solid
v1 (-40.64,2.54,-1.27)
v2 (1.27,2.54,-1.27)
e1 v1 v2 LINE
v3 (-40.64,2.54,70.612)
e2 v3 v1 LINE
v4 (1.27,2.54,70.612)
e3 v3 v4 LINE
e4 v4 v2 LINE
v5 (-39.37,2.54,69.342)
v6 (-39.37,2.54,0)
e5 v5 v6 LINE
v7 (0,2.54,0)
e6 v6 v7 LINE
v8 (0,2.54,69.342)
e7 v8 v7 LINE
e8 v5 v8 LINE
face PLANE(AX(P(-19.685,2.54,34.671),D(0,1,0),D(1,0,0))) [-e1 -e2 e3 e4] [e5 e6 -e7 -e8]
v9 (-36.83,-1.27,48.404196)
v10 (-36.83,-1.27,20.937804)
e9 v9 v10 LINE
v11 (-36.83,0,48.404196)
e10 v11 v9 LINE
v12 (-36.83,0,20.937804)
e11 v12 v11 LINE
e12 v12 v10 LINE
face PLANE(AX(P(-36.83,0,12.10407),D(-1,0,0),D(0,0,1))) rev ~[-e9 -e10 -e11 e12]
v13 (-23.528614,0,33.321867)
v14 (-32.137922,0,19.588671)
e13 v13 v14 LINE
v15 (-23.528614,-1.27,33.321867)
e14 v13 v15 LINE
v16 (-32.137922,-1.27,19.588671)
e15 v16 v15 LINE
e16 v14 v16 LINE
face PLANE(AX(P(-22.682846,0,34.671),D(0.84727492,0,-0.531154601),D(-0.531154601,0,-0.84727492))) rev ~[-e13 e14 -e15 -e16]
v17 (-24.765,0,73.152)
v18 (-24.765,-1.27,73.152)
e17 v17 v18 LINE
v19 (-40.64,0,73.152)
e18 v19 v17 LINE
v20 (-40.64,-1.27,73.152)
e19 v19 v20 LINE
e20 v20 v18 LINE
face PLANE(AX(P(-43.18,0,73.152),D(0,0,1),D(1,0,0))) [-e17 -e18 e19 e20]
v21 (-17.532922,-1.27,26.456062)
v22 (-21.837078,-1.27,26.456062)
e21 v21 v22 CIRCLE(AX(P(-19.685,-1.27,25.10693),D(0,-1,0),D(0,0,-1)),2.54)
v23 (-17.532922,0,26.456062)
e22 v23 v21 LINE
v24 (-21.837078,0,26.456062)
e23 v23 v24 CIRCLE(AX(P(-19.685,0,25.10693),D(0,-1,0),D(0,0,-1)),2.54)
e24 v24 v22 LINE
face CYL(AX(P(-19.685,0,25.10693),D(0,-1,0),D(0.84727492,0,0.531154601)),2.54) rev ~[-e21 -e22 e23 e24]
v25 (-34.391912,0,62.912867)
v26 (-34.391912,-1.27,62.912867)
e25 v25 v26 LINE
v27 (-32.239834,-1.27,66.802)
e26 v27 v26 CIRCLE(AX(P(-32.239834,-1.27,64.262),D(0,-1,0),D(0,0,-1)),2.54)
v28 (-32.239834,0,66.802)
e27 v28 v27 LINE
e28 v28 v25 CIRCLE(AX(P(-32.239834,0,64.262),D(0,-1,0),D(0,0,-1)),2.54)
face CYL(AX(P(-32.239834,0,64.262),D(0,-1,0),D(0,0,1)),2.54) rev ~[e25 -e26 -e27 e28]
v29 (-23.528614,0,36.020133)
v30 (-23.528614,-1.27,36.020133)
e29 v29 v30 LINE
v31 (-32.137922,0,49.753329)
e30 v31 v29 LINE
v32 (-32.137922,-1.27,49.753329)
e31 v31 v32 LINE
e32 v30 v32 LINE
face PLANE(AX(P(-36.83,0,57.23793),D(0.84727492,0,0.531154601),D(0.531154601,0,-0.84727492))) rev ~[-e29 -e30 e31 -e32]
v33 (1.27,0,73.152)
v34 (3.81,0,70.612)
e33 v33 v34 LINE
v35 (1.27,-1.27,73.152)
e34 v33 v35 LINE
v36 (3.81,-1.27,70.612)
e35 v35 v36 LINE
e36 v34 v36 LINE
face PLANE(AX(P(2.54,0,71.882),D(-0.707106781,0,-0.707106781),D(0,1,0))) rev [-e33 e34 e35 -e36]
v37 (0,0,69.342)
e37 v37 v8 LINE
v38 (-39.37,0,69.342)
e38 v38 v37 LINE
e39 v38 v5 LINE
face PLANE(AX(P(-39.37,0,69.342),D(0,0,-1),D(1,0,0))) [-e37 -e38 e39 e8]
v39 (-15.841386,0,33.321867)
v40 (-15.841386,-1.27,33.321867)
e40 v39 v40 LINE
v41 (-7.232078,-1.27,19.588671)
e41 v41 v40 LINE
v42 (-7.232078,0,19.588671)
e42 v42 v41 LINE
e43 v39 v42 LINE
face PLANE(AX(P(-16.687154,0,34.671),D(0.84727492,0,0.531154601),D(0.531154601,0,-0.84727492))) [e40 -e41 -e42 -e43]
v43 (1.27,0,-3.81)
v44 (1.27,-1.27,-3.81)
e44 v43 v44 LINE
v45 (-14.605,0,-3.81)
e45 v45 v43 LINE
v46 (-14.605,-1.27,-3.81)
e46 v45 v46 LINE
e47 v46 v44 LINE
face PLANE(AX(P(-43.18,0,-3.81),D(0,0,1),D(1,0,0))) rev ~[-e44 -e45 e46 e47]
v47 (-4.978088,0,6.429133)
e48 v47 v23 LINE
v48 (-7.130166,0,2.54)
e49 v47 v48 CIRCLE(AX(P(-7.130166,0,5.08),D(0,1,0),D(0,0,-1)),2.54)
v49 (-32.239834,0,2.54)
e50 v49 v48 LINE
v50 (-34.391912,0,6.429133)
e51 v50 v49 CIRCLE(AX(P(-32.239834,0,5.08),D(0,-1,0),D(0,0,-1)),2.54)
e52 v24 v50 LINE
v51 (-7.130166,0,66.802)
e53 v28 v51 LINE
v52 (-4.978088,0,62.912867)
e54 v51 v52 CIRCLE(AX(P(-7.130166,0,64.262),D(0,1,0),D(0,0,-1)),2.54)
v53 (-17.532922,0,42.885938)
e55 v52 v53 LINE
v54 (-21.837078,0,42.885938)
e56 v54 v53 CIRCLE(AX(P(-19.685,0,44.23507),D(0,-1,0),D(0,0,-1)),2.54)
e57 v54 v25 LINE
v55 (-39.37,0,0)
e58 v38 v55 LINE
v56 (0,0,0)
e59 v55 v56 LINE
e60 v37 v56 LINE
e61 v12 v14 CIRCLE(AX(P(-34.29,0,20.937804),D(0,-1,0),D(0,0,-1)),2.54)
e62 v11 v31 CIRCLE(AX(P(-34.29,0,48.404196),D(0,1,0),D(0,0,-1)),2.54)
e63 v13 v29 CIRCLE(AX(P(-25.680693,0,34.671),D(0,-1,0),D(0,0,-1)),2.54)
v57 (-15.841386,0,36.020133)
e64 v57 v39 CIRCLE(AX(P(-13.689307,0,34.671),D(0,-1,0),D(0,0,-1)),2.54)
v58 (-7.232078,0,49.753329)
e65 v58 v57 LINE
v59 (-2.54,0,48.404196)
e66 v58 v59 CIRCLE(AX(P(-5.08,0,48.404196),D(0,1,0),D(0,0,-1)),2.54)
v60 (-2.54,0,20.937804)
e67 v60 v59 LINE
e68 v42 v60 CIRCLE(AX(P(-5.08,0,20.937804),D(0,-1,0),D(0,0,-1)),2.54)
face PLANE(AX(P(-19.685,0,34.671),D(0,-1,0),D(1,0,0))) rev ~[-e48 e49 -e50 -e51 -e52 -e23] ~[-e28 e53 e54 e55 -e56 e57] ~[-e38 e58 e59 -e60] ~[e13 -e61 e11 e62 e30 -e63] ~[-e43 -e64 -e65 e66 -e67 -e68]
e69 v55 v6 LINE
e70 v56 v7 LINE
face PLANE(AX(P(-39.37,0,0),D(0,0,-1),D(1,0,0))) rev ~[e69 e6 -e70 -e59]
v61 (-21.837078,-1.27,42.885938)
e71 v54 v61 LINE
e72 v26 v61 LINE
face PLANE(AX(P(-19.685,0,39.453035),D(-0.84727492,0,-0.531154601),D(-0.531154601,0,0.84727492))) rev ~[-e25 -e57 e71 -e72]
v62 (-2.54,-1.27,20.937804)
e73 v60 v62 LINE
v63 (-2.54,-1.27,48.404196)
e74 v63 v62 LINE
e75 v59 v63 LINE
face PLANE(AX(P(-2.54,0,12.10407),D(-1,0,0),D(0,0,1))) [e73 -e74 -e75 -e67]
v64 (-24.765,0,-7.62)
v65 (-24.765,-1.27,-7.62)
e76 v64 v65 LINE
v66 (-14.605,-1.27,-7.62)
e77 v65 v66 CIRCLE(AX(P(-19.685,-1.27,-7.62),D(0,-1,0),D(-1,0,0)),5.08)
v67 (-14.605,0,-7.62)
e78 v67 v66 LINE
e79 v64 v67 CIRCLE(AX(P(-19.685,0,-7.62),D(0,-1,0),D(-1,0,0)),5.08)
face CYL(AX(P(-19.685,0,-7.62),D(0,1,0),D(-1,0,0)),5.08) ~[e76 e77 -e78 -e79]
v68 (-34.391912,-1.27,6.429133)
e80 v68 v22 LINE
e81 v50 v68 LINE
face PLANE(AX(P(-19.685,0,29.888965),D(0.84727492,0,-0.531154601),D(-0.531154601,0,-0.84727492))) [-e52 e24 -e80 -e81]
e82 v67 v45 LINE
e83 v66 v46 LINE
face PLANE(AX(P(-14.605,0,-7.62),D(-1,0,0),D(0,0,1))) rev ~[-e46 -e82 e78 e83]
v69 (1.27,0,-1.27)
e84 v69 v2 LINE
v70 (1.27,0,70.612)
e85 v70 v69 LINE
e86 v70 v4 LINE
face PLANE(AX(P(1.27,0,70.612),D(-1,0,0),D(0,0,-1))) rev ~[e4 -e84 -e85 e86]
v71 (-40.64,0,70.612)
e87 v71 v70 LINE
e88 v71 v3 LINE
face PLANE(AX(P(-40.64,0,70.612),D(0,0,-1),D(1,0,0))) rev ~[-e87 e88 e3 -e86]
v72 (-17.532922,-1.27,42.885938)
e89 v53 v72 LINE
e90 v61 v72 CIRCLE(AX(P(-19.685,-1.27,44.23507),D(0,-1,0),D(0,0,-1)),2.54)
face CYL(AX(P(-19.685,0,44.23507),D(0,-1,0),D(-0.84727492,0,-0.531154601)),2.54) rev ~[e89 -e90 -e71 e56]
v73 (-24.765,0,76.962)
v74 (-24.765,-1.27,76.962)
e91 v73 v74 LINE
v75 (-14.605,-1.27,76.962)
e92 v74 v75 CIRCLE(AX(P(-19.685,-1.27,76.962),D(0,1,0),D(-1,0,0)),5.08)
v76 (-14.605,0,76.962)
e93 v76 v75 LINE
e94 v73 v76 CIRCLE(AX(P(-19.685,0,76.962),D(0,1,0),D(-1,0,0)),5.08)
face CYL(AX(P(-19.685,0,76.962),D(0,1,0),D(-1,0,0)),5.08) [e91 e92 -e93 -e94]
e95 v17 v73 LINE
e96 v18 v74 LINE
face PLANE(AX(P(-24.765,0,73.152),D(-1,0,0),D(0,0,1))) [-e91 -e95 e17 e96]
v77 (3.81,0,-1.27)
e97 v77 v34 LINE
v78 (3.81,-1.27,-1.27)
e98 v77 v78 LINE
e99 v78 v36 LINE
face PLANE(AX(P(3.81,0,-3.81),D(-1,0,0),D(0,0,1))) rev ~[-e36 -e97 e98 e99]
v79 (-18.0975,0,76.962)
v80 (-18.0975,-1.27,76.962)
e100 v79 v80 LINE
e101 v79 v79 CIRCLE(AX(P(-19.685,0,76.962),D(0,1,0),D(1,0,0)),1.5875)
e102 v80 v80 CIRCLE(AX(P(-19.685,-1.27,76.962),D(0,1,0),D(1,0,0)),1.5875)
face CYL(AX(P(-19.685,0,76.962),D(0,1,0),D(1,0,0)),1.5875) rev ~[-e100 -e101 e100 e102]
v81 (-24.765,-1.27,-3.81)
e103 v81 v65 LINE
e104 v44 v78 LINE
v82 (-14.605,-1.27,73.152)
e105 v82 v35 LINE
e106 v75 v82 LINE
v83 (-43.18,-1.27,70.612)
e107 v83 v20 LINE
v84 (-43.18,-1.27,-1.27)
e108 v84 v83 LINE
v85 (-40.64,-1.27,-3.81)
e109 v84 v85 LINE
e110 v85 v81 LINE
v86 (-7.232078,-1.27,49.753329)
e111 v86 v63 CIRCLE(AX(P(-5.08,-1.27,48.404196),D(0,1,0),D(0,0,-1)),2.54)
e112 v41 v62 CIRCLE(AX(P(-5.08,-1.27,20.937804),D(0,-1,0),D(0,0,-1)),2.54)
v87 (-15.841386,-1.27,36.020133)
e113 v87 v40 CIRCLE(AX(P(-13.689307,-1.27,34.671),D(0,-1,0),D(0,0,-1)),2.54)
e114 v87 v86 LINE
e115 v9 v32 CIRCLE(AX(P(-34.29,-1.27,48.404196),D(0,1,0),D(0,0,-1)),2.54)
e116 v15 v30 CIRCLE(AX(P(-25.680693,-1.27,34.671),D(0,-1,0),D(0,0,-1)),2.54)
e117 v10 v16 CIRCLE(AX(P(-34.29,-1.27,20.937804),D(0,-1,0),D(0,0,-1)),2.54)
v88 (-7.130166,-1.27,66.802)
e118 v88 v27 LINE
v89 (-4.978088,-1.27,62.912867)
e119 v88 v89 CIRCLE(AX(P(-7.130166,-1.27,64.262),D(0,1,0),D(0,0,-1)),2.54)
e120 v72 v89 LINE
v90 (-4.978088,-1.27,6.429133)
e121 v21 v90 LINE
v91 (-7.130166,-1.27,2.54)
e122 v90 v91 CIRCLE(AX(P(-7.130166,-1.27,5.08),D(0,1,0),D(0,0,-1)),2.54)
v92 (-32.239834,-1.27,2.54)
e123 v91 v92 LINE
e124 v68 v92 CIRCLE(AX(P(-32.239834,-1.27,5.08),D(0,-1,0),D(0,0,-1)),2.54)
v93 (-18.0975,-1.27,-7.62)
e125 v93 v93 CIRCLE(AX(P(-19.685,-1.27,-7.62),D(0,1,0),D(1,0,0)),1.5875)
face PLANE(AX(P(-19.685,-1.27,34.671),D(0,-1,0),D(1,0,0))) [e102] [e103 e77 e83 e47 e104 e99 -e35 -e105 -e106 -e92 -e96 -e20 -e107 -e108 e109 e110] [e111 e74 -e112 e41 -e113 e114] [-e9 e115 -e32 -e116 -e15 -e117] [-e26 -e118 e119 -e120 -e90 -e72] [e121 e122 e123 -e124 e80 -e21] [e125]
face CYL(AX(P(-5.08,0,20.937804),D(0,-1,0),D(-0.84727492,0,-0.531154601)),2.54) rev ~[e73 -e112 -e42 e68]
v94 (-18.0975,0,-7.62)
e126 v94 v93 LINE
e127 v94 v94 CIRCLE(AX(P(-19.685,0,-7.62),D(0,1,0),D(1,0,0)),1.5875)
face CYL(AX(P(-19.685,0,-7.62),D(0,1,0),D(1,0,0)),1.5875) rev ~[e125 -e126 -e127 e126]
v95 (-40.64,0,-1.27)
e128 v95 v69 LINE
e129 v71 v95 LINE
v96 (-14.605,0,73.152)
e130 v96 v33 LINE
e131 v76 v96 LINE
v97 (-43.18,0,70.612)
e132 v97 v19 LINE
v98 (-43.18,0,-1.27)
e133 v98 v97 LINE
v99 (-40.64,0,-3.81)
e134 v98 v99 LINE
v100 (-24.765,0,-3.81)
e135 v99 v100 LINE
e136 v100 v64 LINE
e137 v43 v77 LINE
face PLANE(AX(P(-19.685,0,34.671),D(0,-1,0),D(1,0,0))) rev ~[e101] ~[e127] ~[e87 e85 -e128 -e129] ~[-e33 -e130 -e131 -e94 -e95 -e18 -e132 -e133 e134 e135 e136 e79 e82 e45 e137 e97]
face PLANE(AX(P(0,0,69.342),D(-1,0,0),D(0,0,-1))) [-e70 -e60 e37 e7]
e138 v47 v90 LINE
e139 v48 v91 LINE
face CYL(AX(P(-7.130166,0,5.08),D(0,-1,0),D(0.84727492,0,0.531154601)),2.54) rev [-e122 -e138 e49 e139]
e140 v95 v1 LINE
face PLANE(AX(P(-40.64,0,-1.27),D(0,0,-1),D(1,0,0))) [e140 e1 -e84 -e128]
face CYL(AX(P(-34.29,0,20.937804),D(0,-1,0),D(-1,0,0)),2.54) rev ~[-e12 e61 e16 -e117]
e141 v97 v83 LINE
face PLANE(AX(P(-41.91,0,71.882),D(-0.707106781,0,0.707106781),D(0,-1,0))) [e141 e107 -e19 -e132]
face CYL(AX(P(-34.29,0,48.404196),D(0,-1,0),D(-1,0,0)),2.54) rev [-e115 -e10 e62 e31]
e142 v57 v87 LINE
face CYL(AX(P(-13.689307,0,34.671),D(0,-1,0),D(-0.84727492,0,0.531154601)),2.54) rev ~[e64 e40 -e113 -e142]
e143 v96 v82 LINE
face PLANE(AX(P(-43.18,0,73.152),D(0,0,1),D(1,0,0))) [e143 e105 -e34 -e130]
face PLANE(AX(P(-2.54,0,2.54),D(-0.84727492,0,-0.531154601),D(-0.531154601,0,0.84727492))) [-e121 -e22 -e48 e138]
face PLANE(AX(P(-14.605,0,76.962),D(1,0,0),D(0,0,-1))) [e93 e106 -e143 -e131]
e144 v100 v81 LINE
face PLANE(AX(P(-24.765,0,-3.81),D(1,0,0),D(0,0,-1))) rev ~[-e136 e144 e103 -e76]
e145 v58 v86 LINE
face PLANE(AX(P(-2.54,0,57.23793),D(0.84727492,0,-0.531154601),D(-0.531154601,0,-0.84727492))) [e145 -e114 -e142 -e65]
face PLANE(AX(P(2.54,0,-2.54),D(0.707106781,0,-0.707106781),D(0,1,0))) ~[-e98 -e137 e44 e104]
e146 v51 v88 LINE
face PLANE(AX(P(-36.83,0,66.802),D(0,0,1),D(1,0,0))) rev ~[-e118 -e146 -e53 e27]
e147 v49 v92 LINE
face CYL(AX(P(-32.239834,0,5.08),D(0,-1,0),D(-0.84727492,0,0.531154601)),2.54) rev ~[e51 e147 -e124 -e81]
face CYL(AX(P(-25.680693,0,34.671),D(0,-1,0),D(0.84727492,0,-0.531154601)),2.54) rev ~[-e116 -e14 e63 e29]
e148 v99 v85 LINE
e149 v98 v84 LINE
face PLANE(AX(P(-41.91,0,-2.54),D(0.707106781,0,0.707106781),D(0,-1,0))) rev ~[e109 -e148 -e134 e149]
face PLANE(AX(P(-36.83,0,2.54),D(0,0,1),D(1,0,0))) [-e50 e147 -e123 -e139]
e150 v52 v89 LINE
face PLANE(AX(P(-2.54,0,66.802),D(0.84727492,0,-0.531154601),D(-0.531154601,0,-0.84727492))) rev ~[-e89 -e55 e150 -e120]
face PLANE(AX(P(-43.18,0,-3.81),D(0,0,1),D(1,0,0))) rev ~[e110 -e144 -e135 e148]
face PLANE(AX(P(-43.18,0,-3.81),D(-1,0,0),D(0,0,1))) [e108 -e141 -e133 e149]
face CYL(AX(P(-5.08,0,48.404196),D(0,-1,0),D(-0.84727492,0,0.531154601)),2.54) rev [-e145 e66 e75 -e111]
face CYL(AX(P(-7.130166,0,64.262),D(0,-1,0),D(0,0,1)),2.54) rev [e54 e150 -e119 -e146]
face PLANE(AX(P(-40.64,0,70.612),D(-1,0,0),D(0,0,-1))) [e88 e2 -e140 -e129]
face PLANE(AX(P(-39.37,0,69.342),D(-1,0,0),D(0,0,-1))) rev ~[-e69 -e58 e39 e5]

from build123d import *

# Parameters (mm, degrees)
SKETCH1_W           = 41.91
SKETCH1_H           = 71.882
SKETCH1_W_2         = 39.37
SKETCH1_H_2         = 69.342
BOSS_EXTRUDE4_DEPTH = 2.54
SKETCH5_W           = 46.99
SKETCH5_H           = 76.962
BOSS_EXTRUDE5_DEPTH = 1.27
CHAMFER4_SIZE       = 2.54
CUT_EXTRUDE1_DEPTH  = 2.54
FILLET1_R           = 2.54
SKETCH7_R           = 1.5875
BOSS_EXTRUDE6_DEPTH = 1.27


with BuildPart() as part:
    # Sketch1 → Boss-Extrude4 (new body)
    with BuildSketch(Plane(origin=(0, 0, 0), x_dir=(1, 0, 0), z_dir=(0, 1, 0))):
        with Locations((-19.685, -34.671)):
            Rectangle(SKETCH1_W, SKETCH1_H)
        with Locations((-19.685, -34.671)):
            Rectangle(SKETCH1_W_2, SKETCH1_H_2, mode=Mode.SUBTRACT)
    extrude(amount=BOSS_EXTRUDE4_DEPTH)

    # Sketch5 → Boss-Extrude5 (add)
    with BuildSketch(Plane.XZ):
        with Locations((-19.685, 34.671)):
            Rectangle(SKETCH5_W, SKETCH5_H)
    extrude(amount=BOSS_EXTRUDE5_DEPTH)

    # Chamfer4
    chamfer4_edges = [part.edges().sort_by_distance(p)[0] for p in [
        (-43.18, -0.635, 73.152),
        (-43.18, -0.635, -3.81),
        (3.81, -0.635, -3.81),
        (3.81, -0.635, 73.152),
    ]]
    chamfer(chamfer4_edges, length=CHAMFER4_SIZE)

    # Sketch6 → Cut-Extrude1 (cut)
    with BuildSketch(Plane(origin=(0, 0, 0), x_dir=(1, 0, 0), z_dir=(0, 1, 0))):
        Polygon((-36.83, -2.54), (-2.54, -2.54), (-19.685, -29.888964801), align=None)
        Polygon((-36.83, -12.104070398), (-36.83, -57.237929602), (-22.68284632, -34.671), align=None)
        Polygon((-36.83, -66.802), (-2.54, -66.802), (-19.685, -39.453035199), align=None)
        Polygon((-2.54, -12.104070398), (-2.54, -57.237929602), (-16.68715368, -34.671), align=None)
    extrude(amount=-CUT_EXTRUDE1_DEPTH, mode=Mode.SUBTRACT)

    # Fillet1
    fillet1_edges = [part.edges().sort_by_distance(p)[0] for p in [
        (-2.54, -0.635, 2.54),
        (-19.685, -0.635, 29.888964801),
        (-36.83, -0.635, 2.54),
        (-36.83, -0.635, 66.802),
        (-19.685, -0.635, 39.453035199),
        (-2.54, -0.635, 66.802),
        (-22.68284632, -0.635, 34.671),
        (-36.83, -0.635, 57.237929602),
        (-36.83, -0.635, 12.104070398),
        (-16.68715368, -0.635, 34.671),
        (-2.54, -0.635, 12.104070398),
        (-2.54, -0.635, 57.237929602),
    ]]
    fillet(fillet1_edges, radius=FILLET1_R)

    # Sketch7 → Boss-Extrude6 (add)
    with BuildSketch(Plane(origin=(0, 0, 0), x_dir=(1, 0, 0), z_dir=(0, 1, 0))):
        with BuildLine():
            Line((-14.605, 7.62), (-14.605, 3.81))
            Line((-14.605, 3.81), (-24.765, 3.81))
            Line((-24.765, 3.81), (-24.765, 7.62))
            ThreePointArc((-24.765, 7.62), (-19.685, 12.7), (-14.605, 7.62))
        make_face()
        with Locations((-19.685, 7.62)):
            Circle(SKETCH7_R, mode=Mode.SUBTRACT)
        with BuildLine():
            Line((-24.765, -73.152), (-24.765, -76.962))
            ThreePointArc((-24.765, -76.962), (-19.685, -82.042), (-14.605, -76.962))
            Line((-14.605, -76.962), (-14.605, -73.152))
            Line((-14.605, -73.152), (-24.765, -73.152))
        make_face()
        with Locations((-19.685, -76.962)):
            Circle(SKETCH7_R, mode=Mode.SUBTRACT)
    extrude(amount=-BOSS_EXTRUDE6_DEPTH)


solid = part.part
